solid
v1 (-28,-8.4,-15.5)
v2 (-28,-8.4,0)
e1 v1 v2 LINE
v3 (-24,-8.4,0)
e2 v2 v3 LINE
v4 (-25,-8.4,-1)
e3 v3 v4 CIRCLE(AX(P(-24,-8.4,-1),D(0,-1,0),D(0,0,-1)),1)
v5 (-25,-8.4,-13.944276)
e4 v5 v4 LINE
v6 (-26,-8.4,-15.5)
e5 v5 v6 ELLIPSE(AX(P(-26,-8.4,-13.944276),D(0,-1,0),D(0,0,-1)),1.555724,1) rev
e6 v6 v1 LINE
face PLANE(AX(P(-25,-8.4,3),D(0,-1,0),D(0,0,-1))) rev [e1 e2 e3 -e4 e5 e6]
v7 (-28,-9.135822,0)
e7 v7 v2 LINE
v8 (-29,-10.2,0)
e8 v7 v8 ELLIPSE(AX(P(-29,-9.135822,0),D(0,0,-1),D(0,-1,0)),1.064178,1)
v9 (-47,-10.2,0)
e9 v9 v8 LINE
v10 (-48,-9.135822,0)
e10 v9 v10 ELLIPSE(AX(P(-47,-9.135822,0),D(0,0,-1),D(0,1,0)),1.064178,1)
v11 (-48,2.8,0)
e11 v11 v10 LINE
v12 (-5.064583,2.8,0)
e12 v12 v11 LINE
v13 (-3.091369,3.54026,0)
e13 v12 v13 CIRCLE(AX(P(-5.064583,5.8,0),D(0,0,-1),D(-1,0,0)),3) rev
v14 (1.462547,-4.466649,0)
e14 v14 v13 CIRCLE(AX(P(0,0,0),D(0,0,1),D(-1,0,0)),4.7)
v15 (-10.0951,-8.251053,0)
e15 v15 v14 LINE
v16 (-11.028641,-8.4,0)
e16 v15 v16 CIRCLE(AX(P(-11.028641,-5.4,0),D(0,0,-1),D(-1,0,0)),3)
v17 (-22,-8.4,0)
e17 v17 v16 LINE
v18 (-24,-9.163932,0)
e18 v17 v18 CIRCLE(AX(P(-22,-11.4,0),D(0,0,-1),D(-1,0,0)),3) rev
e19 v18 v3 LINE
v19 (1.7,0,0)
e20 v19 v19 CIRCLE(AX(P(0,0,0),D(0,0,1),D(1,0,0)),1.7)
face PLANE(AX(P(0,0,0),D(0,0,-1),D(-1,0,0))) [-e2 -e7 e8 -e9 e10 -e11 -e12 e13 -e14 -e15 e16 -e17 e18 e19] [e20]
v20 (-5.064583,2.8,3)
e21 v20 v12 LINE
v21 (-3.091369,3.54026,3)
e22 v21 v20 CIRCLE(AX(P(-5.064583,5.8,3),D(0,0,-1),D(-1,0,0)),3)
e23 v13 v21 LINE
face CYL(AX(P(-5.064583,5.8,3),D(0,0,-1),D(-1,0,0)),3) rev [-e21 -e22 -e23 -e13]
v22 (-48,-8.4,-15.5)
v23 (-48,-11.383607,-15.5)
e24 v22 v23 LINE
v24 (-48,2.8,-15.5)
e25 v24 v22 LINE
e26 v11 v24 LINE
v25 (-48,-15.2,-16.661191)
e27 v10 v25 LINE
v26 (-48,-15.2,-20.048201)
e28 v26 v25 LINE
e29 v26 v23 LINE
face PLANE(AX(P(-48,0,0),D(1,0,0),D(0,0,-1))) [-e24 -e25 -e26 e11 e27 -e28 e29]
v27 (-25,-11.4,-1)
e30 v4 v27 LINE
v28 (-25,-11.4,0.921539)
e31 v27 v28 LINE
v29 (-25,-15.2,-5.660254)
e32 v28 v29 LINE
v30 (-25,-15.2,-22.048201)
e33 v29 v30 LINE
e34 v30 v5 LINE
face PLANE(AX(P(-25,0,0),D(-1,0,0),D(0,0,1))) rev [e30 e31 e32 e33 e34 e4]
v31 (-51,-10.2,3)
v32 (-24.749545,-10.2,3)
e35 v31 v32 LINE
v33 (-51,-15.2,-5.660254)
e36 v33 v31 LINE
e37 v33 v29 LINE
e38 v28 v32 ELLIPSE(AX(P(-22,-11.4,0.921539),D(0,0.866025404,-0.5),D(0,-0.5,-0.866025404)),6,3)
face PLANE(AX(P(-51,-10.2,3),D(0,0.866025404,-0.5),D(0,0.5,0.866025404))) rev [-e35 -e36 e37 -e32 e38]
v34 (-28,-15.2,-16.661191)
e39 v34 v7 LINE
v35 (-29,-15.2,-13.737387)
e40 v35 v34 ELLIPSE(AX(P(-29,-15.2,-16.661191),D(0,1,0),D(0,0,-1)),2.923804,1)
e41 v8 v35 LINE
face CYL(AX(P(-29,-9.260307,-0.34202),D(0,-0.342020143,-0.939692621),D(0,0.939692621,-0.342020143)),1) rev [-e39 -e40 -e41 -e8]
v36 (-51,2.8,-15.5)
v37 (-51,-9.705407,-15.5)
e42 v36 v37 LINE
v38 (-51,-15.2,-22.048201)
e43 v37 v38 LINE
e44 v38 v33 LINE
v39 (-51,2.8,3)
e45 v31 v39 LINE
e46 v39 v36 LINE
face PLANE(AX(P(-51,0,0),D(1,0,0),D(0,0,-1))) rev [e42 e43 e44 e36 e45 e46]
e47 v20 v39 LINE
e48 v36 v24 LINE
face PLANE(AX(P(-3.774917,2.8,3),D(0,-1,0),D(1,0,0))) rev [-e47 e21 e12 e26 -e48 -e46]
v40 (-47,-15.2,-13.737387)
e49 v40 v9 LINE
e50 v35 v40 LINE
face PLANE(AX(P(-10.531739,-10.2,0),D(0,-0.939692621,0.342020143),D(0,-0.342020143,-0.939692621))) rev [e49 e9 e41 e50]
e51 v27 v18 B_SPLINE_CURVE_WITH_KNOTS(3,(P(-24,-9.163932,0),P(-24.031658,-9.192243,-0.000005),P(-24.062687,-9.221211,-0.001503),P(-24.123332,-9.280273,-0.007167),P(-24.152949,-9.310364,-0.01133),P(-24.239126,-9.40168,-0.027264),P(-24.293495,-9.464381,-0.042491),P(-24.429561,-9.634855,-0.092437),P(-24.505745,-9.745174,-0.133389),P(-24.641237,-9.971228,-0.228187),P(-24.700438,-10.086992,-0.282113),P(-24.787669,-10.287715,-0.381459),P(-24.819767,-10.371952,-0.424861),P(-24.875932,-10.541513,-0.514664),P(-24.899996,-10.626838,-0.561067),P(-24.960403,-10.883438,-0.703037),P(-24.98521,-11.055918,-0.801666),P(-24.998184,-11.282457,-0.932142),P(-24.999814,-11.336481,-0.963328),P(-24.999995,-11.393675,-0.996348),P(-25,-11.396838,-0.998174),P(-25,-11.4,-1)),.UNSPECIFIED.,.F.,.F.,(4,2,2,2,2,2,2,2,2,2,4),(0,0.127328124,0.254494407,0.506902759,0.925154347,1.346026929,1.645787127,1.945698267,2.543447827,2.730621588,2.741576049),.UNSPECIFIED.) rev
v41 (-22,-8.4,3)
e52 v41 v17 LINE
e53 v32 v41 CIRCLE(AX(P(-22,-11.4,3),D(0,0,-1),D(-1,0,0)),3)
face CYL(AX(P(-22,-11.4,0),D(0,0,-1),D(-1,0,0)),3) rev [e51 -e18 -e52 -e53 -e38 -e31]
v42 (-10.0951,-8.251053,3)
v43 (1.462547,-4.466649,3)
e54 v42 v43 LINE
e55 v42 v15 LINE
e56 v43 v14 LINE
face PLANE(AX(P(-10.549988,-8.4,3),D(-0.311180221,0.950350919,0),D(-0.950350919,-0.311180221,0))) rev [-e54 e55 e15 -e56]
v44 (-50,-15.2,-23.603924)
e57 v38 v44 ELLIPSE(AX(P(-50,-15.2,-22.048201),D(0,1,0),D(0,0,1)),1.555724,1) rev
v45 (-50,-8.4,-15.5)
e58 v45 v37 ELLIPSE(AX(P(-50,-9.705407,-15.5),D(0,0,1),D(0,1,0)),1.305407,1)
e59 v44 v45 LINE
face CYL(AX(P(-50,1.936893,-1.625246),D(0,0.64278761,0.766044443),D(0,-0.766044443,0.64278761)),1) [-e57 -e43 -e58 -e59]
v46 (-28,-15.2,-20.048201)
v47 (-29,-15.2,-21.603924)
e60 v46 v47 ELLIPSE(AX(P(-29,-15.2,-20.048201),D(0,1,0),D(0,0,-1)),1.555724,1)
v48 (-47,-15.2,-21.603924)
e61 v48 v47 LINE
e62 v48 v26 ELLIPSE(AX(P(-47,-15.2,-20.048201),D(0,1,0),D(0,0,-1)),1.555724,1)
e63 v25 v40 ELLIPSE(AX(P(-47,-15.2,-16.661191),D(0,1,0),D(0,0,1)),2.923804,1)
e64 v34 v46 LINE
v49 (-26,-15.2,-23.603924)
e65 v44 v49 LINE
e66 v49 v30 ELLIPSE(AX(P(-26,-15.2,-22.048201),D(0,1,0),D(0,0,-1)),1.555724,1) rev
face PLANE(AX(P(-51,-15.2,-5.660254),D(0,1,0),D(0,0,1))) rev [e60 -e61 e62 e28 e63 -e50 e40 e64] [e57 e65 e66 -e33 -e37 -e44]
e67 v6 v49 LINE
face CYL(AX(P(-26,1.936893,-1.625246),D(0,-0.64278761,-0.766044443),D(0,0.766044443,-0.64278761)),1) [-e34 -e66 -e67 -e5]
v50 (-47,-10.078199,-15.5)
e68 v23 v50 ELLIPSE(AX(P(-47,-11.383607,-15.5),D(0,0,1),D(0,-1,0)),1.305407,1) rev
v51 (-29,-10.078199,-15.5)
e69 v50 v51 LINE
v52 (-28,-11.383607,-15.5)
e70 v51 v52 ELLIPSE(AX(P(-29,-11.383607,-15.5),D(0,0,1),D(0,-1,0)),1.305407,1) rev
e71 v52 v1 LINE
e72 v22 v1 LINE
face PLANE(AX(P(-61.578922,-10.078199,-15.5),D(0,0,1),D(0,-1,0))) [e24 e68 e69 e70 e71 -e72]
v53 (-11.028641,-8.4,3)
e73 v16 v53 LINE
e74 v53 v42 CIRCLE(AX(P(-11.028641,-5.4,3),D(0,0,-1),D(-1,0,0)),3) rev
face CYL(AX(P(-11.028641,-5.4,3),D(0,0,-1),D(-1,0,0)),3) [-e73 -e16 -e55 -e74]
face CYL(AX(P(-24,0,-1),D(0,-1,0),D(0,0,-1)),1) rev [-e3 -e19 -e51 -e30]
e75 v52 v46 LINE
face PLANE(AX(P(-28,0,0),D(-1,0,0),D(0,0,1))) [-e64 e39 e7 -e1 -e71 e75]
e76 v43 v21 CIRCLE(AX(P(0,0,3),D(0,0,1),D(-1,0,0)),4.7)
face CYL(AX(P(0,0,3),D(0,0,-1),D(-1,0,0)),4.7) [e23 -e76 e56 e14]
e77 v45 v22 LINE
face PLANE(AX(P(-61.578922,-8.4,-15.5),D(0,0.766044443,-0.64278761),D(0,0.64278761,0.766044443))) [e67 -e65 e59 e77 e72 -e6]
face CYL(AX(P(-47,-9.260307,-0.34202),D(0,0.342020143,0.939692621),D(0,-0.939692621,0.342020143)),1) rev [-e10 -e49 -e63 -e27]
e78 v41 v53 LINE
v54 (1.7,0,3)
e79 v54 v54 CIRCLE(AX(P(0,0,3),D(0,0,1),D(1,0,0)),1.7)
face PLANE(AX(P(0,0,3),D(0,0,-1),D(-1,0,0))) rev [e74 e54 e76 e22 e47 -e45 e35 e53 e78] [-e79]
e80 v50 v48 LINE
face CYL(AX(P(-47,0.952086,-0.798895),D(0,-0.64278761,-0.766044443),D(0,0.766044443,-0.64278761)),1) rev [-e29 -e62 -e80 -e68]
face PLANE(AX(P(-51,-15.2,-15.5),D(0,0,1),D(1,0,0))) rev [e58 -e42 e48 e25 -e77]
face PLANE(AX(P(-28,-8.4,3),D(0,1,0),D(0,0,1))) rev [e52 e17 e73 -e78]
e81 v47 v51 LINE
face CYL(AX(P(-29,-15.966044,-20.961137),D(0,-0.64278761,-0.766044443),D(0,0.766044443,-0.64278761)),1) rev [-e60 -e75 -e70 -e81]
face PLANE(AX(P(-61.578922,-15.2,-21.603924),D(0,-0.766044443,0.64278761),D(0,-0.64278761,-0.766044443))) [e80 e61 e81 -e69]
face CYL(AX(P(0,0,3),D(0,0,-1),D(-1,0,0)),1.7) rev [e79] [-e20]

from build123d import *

# Parameters (mm, degrees)
SKETCH1_R           = 1.7
BOSS_EXTRUDE1_DEPTH = 3
BOSS_EXTRUDE2_DEPTH = 3
BOSS_EXTRUDE3_DEPTH = 20
BOSS_EXTRUDE4_DEPTH = 3
FILLET1_R           = 3
BOSS_EXTRUDE5_REACH = 38.788
BOSS_EXTRUDE6_DEPTH = 3
BOSS_EXTRUDE7_DEPTH = 3
FILLET3_R           = 1


with BuildPart() as part:
    # Sketch1 → Boss-Extrude1 (new body)
    with BuildSketch(Plane.XY):
        with BuildLine():
            Line((-3.774917218, 2.8), (-48, 2.8))
            Line((-48, 2.8), (-48, -10.2))
            Line((-48, -10.2), (-28, -10.2))
            Line((-28, -10.2), (-28, -8.4))
            Line((-28, -8.4), (-10.549988409, -8.4))
            Line((-10.549988409, -8.4), (1.462547038, -4.466649321))
            ThreePointArc((1.462547038, -4.466649321), (3.812848286, 2.748124442), (-3.774917218, 2.8))
        make_face()
        Circle(SKETCH1_R, mode=Mode.SUBTRACT)
    extrude(amount=BOSS_EXTRUDE1_DEPTH)

    # Sketch2 → Boss-Extrude2 (add)
    with BuildSketch(Plane.ZY.offset(48)):
        Polygon((-15.5, 2.8), (3, 2.8), (3, -10.2), (-5.660254038, -15.2), (-15.5, -15.2), align=None)
    extrude(amount=BOSS_EXTRUDE2_DEPTH)

    # Sketch3 → Boss-Extrude3 (add)
    with BuildSketch(Plane(origin=(-48, 0, 0), x_dir=(0, 0, -1), z_dir=(1, 0, 0))):
        Polygon((-3, -10.2), (0, -10.2), (13.737387097, -15.2), (5.660254038, -15.2), align=None)
    extrude(amount=BOSS_EXTRUDE3_DEPTH)

    # Sketch4 → Boss-Extrude4 (add)
    with BuildSketch(Plane(origin=(-28, 0, 0), x_dir=(0, 0, -1), z_dir=(1, 0, 0))):
        Polygon((-3, -10.2), (-3, -8.4), (15.5, -8.4), (15.5, -15.2), (5.660254038, -15.2), align=None)
    extrude(amount=BOSS_EXTRUDE4_DEPTH)

    # Fillet1
    fillet1_edges = [part.edges().sort_by_distance(p)[0] for p in [
        (-10.549988409, -8.4, 1.5),
        (-25, -8.4, 1.5),
        (-3.774917218, 2.8, 1.5),
    ]]
    fillet(fillet1_edges, radius=FILLET1_R)

    # Boss-Extrude5: up to this face of the body (flat: up to its plane)
    boss_extrude5_end = Plane(part.part.faces().sort_by_distance((-51, -5.690054126, -6.692488054))[0])
    # Sketch6 → Boss-Extrude5 (add, up to the picked face)
    with BuildSketch(Plane(origin=(-25, 0, 0), x_dir=(0, 0, -1), z_dir=(1, 0, 0)), mode=Mode.PRIVATE) as boss_extrude5_sk1:
        Polygon((15.5, -8.4), (23.60392443, -15.2), (21.60392443, -15.2), (15.5, -10.078199262), align=None)
    boss_extrude5_tool1 = split(extrude(boss_extrude5_sk1.sketch, amount=-BOSS_EXTRUDE5_REACH, mode=Mode.PRIVATE), bisect_by=boss_extrude5_end, keep=Keep.BOTH, mode=Mode.PRIVATE)
    add(boss_extrude5_tool1.solids().sort_by(Axis((-25, -12.199864, -19.075423), (-1, 0, 0)))[0])

    # Sketch7 → Boss-Extrude6 (add)
    with BuildSketch(Plane(origin=(-25, 0, 0), x_dir=(0, 0, -1), z_dir=(1, 0, 0))):
        Polygon((15.5, -15.2), (21.60392443, -15.2), (15.5, -10.078199262), align=None)
    extrude(amount=-BOSS_EXTRUDE6_DEPTH)

    # Sketch8 → Boss-Extrude7 (add)
    with BuildSketch(Plane.ZY.offset(51)):
        Polygon((-21.60392443, -15.2), (-15.5, -10.078199262), (-15.5, -15.2), align=None)
    extrude(amount=-BOSS_EXTRUDE7_DEPTH)

    # Fillet3
    fillet3_edges = [part.edges().sort_by_distance(p)[0] for p in [
        (-25, -11.8, -19.551962215),
        (-51, -11.8, -19.551962215),
        (-28, -12.639099631, -18.551962215),
        (-48, -12.639099631, -18.551962215),
        (-28, -12.7, -6.868693549),
        (-48, -12.7, -6.868693549),
        (-25, -9.9, 0),
    ]]
    fillet(fillet3_edges, radius=FILLET3_R)


solid = part.part
